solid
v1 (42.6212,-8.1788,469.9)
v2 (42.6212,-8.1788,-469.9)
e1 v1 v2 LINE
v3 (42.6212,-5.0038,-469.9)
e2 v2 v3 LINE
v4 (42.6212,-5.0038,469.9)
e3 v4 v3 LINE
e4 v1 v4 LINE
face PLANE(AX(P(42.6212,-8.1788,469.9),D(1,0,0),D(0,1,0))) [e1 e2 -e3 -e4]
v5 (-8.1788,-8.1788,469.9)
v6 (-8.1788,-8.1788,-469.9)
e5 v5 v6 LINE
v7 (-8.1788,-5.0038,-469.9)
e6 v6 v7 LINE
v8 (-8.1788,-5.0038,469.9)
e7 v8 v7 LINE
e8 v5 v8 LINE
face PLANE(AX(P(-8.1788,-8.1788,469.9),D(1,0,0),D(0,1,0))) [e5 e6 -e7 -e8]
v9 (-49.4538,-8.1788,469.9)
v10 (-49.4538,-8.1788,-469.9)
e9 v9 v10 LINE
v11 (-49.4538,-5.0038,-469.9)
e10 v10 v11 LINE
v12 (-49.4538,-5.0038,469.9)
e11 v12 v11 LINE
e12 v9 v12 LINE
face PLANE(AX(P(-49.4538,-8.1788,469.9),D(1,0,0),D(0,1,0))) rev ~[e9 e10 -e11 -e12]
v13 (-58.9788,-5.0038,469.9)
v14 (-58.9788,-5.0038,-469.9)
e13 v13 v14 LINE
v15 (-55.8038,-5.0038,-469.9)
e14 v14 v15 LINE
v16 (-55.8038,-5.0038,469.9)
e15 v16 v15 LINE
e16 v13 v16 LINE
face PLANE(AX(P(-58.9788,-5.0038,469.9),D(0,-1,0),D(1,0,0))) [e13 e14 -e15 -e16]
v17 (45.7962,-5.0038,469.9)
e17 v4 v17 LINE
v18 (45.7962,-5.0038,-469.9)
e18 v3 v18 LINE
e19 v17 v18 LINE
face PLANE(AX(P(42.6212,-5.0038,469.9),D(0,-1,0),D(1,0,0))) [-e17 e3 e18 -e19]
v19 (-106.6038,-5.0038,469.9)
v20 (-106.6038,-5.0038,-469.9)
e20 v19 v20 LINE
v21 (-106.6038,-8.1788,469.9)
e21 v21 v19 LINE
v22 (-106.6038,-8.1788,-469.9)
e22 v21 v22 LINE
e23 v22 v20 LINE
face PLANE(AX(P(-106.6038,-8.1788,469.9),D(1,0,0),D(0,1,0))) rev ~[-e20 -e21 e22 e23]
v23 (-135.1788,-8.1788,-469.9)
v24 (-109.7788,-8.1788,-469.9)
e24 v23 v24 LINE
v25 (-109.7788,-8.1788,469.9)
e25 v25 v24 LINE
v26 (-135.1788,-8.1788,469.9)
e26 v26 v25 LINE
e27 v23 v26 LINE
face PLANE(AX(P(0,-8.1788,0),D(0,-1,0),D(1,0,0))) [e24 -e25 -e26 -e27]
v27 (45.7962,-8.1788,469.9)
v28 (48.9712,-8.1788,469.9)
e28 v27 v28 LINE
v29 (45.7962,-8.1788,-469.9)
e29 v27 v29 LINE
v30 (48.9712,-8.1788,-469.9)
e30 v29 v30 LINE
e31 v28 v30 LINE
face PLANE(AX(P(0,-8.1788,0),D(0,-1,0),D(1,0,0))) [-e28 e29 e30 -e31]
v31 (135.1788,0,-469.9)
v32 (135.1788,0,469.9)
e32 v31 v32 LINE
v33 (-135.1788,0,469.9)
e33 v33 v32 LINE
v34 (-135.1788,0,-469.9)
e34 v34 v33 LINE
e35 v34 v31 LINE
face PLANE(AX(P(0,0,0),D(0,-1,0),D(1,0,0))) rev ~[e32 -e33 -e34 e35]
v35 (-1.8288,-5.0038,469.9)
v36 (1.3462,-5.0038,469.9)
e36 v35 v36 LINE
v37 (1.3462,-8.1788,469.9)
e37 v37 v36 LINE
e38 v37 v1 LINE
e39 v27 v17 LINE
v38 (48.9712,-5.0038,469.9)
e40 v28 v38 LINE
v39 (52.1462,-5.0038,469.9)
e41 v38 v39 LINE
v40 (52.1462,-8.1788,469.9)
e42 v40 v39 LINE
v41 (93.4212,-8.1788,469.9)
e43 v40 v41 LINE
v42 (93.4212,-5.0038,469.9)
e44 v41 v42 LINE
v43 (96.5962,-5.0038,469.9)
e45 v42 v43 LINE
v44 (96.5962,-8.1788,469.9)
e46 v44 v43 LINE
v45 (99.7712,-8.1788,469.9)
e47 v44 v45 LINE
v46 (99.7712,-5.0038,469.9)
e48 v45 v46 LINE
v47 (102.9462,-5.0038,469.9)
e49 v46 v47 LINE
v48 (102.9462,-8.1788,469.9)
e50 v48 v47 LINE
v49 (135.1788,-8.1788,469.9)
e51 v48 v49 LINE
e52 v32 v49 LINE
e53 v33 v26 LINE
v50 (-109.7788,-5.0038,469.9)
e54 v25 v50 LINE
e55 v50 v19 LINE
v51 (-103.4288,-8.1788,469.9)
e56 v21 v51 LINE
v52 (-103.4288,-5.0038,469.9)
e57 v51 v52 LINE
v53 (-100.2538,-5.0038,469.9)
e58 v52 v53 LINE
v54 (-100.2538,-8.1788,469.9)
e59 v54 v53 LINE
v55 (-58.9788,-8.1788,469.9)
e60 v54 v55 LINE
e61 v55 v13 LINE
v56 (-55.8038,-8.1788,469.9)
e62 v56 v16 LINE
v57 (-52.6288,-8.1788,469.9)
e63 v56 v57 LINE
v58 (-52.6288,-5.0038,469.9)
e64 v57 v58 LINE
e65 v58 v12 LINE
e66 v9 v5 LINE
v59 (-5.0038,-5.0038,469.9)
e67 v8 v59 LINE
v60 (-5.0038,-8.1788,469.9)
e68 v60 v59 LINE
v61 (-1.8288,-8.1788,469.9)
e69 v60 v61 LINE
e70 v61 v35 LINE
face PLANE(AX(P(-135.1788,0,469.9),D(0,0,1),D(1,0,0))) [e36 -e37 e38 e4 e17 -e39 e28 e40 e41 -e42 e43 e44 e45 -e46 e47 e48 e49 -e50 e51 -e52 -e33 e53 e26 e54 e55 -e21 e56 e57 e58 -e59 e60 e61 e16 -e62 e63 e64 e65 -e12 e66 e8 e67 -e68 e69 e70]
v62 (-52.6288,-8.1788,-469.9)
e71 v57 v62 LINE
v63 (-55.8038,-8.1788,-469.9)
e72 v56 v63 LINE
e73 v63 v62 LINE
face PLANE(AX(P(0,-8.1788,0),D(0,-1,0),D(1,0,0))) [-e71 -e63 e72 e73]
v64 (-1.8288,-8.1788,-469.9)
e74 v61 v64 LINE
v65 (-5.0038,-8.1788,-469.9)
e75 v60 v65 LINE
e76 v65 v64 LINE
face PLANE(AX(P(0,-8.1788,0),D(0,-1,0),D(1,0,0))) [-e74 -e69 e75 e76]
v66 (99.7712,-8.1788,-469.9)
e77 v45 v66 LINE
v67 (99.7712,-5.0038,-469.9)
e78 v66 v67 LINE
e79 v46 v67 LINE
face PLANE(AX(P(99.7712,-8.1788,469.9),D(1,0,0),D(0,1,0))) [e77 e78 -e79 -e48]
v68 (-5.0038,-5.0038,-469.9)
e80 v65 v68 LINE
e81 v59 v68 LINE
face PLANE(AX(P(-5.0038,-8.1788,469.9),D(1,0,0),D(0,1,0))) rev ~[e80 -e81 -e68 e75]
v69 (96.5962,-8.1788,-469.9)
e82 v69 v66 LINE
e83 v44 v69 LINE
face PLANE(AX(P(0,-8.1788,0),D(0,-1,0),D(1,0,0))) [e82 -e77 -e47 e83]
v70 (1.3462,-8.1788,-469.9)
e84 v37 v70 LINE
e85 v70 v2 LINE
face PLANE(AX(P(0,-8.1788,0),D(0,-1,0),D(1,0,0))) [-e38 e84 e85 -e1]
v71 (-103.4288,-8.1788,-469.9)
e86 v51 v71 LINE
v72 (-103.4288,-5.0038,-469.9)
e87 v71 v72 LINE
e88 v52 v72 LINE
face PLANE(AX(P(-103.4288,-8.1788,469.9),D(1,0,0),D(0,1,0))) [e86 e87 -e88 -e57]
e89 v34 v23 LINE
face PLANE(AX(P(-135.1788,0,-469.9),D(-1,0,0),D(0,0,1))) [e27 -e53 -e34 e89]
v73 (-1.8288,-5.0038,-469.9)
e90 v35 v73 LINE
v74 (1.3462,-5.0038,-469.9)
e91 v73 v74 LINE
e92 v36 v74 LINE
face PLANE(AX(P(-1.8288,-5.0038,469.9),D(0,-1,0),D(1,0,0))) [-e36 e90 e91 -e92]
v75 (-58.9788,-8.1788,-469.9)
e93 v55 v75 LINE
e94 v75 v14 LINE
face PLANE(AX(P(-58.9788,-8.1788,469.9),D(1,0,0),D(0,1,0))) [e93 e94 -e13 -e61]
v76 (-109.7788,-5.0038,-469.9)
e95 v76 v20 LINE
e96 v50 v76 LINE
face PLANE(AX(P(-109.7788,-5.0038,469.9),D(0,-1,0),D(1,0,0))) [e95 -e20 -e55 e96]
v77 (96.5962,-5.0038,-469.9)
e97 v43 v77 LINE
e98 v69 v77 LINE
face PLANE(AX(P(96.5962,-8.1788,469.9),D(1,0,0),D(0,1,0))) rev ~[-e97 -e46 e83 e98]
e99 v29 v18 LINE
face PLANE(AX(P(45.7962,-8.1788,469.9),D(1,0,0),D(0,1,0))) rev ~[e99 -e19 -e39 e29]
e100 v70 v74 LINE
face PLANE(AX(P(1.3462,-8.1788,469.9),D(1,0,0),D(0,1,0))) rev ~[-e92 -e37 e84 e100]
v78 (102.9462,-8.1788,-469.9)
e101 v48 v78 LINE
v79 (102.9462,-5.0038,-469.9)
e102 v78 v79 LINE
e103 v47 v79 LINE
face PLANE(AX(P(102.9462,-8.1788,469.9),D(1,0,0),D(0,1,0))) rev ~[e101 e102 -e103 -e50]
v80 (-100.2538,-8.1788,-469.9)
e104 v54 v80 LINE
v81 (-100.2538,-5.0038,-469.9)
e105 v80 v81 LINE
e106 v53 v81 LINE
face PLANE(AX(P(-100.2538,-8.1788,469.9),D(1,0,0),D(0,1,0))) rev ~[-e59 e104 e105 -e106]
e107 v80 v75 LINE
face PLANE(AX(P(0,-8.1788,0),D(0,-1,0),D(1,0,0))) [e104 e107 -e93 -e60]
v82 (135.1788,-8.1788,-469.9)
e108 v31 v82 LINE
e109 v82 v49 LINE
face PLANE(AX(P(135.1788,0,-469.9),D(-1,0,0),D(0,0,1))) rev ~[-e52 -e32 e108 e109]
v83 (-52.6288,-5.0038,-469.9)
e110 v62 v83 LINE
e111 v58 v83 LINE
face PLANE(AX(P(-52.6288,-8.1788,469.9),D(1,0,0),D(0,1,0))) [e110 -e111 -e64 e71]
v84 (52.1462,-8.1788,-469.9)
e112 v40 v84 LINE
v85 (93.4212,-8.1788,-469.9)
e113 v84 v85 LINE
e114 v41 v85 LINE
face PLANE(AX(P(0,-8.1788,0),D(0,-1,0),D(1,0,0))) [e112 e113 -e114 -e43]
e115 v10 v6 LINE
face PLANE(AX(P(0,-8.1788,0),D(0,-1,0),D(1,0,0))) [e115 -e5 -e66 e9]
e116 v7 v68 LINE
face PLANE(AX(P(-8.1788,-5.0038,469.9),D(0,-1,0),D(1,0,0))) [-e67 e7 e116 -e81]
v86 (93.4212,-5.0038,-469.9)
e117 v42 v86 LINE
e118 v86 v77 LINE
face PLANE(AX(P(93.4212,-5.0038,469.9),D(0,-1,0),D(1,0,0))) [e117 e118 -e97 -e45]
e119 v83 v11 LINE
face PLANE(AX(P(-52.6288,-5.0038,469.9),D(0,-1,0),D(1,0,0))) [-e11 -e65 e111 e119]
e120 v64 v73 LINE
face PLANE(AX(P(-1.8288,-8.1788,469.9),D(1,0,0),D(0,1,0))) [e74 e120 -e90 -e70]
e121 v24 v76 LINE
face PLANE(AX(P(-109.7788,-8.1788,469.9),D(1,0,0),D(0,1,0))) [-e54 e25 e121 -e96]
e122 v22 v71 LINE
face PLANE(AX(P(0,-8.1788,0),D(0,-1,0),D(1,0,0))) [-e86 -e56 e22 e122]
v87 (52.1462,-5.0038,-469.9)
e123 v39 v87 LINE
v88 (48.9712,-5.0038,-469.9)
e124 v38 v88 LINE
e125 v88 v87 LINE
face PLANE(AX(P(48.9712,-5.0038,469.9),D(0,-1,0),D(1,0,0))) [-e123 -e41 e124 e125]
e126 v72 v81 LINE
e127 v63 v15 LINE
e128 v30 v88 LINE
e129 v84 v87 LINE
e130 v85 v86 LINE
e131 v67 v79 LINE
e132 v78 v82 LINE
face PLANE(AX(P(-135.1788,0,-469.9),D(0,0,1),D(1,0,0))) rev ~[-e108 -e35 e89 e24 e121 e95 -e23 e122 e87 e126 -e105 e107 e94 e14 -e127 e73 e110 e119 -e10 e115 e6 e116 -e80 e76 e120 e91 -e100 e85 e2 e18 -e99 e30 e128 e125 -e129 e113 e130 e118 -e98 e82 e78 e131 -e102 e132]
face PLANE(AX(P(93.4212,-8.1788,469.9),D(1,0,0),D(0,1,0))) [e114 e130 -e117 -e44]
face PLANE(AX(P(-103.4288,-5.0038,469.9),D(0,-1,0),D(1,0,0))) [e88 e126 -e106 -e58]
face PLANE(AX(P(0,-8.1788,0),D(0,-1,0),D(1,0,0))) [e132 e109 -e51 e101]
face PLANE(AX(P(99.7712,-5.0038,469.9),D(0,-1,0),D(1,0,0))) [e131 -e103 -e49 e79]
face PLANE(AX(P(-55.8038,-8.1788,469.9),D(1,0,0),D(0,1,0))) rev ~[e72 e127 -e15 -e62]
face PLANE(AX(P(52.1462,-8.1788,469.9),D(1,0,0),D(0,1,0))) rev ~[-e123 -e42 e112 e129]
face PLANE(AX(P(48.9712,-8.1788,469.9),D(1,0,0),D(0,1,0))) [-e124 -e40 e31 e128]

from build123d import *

# Parameters (mm, degrees)
F0_W     = 270.3576
F0_H     = 939.8
F1_DEPTH = 8.1788
F2_W     = 3.175
F2_H     = 3.175
F3_DEPTH = 939.801


with BuildPart() as f1:
    # F0 (on Front) → F1 (new body)
    with BuildSketch(Plane.XZ):
        Rectangle(F0_W, F0_H)
    extrude(amount=F1_DEPTH)

    # F2 (on face) → F3 (cut, through all)
    with BuildSketch(Plane.XY.offset(469.9)):
        with Locations((-108.1913, -6.5913)):
            Rectangle(F2_W, F2_H)
        with Locations((-101.8413, -6.5913)):
            Rectangle(F2_W, F2_H)
        with Locations((-57.3913, -6.5913)):
            Rectangle(F2_W, F2_H)
        with Locations((-51.0413, -6.5913)):
            Rectangle(F2_W, F2_H)
        with Locations((-6.5913, -6.5913)):
            Rectangle(F2_W, F2_H)
        with Locations((-0.2413, -6.5913)):
            Rectangle(F2_W, F2_H)
        with Locations((44.2087, -6.5913)):
            Rectangle(F2_W, F2_H)
        with Locations((50.5587, -6.5913)):
            Rectangle(F2_W, F2_H)
        with Locations((95.0087, -6.5913)):
            Rectangle(F2_W, F2_H)
        with Locations((101.3587, -6.5913)):
            Rectangle(F2_W, F2_H)
    extrude(amount=-F3_DEPTH, mode=Mode.SUBTRACT)


solid = f1.part
